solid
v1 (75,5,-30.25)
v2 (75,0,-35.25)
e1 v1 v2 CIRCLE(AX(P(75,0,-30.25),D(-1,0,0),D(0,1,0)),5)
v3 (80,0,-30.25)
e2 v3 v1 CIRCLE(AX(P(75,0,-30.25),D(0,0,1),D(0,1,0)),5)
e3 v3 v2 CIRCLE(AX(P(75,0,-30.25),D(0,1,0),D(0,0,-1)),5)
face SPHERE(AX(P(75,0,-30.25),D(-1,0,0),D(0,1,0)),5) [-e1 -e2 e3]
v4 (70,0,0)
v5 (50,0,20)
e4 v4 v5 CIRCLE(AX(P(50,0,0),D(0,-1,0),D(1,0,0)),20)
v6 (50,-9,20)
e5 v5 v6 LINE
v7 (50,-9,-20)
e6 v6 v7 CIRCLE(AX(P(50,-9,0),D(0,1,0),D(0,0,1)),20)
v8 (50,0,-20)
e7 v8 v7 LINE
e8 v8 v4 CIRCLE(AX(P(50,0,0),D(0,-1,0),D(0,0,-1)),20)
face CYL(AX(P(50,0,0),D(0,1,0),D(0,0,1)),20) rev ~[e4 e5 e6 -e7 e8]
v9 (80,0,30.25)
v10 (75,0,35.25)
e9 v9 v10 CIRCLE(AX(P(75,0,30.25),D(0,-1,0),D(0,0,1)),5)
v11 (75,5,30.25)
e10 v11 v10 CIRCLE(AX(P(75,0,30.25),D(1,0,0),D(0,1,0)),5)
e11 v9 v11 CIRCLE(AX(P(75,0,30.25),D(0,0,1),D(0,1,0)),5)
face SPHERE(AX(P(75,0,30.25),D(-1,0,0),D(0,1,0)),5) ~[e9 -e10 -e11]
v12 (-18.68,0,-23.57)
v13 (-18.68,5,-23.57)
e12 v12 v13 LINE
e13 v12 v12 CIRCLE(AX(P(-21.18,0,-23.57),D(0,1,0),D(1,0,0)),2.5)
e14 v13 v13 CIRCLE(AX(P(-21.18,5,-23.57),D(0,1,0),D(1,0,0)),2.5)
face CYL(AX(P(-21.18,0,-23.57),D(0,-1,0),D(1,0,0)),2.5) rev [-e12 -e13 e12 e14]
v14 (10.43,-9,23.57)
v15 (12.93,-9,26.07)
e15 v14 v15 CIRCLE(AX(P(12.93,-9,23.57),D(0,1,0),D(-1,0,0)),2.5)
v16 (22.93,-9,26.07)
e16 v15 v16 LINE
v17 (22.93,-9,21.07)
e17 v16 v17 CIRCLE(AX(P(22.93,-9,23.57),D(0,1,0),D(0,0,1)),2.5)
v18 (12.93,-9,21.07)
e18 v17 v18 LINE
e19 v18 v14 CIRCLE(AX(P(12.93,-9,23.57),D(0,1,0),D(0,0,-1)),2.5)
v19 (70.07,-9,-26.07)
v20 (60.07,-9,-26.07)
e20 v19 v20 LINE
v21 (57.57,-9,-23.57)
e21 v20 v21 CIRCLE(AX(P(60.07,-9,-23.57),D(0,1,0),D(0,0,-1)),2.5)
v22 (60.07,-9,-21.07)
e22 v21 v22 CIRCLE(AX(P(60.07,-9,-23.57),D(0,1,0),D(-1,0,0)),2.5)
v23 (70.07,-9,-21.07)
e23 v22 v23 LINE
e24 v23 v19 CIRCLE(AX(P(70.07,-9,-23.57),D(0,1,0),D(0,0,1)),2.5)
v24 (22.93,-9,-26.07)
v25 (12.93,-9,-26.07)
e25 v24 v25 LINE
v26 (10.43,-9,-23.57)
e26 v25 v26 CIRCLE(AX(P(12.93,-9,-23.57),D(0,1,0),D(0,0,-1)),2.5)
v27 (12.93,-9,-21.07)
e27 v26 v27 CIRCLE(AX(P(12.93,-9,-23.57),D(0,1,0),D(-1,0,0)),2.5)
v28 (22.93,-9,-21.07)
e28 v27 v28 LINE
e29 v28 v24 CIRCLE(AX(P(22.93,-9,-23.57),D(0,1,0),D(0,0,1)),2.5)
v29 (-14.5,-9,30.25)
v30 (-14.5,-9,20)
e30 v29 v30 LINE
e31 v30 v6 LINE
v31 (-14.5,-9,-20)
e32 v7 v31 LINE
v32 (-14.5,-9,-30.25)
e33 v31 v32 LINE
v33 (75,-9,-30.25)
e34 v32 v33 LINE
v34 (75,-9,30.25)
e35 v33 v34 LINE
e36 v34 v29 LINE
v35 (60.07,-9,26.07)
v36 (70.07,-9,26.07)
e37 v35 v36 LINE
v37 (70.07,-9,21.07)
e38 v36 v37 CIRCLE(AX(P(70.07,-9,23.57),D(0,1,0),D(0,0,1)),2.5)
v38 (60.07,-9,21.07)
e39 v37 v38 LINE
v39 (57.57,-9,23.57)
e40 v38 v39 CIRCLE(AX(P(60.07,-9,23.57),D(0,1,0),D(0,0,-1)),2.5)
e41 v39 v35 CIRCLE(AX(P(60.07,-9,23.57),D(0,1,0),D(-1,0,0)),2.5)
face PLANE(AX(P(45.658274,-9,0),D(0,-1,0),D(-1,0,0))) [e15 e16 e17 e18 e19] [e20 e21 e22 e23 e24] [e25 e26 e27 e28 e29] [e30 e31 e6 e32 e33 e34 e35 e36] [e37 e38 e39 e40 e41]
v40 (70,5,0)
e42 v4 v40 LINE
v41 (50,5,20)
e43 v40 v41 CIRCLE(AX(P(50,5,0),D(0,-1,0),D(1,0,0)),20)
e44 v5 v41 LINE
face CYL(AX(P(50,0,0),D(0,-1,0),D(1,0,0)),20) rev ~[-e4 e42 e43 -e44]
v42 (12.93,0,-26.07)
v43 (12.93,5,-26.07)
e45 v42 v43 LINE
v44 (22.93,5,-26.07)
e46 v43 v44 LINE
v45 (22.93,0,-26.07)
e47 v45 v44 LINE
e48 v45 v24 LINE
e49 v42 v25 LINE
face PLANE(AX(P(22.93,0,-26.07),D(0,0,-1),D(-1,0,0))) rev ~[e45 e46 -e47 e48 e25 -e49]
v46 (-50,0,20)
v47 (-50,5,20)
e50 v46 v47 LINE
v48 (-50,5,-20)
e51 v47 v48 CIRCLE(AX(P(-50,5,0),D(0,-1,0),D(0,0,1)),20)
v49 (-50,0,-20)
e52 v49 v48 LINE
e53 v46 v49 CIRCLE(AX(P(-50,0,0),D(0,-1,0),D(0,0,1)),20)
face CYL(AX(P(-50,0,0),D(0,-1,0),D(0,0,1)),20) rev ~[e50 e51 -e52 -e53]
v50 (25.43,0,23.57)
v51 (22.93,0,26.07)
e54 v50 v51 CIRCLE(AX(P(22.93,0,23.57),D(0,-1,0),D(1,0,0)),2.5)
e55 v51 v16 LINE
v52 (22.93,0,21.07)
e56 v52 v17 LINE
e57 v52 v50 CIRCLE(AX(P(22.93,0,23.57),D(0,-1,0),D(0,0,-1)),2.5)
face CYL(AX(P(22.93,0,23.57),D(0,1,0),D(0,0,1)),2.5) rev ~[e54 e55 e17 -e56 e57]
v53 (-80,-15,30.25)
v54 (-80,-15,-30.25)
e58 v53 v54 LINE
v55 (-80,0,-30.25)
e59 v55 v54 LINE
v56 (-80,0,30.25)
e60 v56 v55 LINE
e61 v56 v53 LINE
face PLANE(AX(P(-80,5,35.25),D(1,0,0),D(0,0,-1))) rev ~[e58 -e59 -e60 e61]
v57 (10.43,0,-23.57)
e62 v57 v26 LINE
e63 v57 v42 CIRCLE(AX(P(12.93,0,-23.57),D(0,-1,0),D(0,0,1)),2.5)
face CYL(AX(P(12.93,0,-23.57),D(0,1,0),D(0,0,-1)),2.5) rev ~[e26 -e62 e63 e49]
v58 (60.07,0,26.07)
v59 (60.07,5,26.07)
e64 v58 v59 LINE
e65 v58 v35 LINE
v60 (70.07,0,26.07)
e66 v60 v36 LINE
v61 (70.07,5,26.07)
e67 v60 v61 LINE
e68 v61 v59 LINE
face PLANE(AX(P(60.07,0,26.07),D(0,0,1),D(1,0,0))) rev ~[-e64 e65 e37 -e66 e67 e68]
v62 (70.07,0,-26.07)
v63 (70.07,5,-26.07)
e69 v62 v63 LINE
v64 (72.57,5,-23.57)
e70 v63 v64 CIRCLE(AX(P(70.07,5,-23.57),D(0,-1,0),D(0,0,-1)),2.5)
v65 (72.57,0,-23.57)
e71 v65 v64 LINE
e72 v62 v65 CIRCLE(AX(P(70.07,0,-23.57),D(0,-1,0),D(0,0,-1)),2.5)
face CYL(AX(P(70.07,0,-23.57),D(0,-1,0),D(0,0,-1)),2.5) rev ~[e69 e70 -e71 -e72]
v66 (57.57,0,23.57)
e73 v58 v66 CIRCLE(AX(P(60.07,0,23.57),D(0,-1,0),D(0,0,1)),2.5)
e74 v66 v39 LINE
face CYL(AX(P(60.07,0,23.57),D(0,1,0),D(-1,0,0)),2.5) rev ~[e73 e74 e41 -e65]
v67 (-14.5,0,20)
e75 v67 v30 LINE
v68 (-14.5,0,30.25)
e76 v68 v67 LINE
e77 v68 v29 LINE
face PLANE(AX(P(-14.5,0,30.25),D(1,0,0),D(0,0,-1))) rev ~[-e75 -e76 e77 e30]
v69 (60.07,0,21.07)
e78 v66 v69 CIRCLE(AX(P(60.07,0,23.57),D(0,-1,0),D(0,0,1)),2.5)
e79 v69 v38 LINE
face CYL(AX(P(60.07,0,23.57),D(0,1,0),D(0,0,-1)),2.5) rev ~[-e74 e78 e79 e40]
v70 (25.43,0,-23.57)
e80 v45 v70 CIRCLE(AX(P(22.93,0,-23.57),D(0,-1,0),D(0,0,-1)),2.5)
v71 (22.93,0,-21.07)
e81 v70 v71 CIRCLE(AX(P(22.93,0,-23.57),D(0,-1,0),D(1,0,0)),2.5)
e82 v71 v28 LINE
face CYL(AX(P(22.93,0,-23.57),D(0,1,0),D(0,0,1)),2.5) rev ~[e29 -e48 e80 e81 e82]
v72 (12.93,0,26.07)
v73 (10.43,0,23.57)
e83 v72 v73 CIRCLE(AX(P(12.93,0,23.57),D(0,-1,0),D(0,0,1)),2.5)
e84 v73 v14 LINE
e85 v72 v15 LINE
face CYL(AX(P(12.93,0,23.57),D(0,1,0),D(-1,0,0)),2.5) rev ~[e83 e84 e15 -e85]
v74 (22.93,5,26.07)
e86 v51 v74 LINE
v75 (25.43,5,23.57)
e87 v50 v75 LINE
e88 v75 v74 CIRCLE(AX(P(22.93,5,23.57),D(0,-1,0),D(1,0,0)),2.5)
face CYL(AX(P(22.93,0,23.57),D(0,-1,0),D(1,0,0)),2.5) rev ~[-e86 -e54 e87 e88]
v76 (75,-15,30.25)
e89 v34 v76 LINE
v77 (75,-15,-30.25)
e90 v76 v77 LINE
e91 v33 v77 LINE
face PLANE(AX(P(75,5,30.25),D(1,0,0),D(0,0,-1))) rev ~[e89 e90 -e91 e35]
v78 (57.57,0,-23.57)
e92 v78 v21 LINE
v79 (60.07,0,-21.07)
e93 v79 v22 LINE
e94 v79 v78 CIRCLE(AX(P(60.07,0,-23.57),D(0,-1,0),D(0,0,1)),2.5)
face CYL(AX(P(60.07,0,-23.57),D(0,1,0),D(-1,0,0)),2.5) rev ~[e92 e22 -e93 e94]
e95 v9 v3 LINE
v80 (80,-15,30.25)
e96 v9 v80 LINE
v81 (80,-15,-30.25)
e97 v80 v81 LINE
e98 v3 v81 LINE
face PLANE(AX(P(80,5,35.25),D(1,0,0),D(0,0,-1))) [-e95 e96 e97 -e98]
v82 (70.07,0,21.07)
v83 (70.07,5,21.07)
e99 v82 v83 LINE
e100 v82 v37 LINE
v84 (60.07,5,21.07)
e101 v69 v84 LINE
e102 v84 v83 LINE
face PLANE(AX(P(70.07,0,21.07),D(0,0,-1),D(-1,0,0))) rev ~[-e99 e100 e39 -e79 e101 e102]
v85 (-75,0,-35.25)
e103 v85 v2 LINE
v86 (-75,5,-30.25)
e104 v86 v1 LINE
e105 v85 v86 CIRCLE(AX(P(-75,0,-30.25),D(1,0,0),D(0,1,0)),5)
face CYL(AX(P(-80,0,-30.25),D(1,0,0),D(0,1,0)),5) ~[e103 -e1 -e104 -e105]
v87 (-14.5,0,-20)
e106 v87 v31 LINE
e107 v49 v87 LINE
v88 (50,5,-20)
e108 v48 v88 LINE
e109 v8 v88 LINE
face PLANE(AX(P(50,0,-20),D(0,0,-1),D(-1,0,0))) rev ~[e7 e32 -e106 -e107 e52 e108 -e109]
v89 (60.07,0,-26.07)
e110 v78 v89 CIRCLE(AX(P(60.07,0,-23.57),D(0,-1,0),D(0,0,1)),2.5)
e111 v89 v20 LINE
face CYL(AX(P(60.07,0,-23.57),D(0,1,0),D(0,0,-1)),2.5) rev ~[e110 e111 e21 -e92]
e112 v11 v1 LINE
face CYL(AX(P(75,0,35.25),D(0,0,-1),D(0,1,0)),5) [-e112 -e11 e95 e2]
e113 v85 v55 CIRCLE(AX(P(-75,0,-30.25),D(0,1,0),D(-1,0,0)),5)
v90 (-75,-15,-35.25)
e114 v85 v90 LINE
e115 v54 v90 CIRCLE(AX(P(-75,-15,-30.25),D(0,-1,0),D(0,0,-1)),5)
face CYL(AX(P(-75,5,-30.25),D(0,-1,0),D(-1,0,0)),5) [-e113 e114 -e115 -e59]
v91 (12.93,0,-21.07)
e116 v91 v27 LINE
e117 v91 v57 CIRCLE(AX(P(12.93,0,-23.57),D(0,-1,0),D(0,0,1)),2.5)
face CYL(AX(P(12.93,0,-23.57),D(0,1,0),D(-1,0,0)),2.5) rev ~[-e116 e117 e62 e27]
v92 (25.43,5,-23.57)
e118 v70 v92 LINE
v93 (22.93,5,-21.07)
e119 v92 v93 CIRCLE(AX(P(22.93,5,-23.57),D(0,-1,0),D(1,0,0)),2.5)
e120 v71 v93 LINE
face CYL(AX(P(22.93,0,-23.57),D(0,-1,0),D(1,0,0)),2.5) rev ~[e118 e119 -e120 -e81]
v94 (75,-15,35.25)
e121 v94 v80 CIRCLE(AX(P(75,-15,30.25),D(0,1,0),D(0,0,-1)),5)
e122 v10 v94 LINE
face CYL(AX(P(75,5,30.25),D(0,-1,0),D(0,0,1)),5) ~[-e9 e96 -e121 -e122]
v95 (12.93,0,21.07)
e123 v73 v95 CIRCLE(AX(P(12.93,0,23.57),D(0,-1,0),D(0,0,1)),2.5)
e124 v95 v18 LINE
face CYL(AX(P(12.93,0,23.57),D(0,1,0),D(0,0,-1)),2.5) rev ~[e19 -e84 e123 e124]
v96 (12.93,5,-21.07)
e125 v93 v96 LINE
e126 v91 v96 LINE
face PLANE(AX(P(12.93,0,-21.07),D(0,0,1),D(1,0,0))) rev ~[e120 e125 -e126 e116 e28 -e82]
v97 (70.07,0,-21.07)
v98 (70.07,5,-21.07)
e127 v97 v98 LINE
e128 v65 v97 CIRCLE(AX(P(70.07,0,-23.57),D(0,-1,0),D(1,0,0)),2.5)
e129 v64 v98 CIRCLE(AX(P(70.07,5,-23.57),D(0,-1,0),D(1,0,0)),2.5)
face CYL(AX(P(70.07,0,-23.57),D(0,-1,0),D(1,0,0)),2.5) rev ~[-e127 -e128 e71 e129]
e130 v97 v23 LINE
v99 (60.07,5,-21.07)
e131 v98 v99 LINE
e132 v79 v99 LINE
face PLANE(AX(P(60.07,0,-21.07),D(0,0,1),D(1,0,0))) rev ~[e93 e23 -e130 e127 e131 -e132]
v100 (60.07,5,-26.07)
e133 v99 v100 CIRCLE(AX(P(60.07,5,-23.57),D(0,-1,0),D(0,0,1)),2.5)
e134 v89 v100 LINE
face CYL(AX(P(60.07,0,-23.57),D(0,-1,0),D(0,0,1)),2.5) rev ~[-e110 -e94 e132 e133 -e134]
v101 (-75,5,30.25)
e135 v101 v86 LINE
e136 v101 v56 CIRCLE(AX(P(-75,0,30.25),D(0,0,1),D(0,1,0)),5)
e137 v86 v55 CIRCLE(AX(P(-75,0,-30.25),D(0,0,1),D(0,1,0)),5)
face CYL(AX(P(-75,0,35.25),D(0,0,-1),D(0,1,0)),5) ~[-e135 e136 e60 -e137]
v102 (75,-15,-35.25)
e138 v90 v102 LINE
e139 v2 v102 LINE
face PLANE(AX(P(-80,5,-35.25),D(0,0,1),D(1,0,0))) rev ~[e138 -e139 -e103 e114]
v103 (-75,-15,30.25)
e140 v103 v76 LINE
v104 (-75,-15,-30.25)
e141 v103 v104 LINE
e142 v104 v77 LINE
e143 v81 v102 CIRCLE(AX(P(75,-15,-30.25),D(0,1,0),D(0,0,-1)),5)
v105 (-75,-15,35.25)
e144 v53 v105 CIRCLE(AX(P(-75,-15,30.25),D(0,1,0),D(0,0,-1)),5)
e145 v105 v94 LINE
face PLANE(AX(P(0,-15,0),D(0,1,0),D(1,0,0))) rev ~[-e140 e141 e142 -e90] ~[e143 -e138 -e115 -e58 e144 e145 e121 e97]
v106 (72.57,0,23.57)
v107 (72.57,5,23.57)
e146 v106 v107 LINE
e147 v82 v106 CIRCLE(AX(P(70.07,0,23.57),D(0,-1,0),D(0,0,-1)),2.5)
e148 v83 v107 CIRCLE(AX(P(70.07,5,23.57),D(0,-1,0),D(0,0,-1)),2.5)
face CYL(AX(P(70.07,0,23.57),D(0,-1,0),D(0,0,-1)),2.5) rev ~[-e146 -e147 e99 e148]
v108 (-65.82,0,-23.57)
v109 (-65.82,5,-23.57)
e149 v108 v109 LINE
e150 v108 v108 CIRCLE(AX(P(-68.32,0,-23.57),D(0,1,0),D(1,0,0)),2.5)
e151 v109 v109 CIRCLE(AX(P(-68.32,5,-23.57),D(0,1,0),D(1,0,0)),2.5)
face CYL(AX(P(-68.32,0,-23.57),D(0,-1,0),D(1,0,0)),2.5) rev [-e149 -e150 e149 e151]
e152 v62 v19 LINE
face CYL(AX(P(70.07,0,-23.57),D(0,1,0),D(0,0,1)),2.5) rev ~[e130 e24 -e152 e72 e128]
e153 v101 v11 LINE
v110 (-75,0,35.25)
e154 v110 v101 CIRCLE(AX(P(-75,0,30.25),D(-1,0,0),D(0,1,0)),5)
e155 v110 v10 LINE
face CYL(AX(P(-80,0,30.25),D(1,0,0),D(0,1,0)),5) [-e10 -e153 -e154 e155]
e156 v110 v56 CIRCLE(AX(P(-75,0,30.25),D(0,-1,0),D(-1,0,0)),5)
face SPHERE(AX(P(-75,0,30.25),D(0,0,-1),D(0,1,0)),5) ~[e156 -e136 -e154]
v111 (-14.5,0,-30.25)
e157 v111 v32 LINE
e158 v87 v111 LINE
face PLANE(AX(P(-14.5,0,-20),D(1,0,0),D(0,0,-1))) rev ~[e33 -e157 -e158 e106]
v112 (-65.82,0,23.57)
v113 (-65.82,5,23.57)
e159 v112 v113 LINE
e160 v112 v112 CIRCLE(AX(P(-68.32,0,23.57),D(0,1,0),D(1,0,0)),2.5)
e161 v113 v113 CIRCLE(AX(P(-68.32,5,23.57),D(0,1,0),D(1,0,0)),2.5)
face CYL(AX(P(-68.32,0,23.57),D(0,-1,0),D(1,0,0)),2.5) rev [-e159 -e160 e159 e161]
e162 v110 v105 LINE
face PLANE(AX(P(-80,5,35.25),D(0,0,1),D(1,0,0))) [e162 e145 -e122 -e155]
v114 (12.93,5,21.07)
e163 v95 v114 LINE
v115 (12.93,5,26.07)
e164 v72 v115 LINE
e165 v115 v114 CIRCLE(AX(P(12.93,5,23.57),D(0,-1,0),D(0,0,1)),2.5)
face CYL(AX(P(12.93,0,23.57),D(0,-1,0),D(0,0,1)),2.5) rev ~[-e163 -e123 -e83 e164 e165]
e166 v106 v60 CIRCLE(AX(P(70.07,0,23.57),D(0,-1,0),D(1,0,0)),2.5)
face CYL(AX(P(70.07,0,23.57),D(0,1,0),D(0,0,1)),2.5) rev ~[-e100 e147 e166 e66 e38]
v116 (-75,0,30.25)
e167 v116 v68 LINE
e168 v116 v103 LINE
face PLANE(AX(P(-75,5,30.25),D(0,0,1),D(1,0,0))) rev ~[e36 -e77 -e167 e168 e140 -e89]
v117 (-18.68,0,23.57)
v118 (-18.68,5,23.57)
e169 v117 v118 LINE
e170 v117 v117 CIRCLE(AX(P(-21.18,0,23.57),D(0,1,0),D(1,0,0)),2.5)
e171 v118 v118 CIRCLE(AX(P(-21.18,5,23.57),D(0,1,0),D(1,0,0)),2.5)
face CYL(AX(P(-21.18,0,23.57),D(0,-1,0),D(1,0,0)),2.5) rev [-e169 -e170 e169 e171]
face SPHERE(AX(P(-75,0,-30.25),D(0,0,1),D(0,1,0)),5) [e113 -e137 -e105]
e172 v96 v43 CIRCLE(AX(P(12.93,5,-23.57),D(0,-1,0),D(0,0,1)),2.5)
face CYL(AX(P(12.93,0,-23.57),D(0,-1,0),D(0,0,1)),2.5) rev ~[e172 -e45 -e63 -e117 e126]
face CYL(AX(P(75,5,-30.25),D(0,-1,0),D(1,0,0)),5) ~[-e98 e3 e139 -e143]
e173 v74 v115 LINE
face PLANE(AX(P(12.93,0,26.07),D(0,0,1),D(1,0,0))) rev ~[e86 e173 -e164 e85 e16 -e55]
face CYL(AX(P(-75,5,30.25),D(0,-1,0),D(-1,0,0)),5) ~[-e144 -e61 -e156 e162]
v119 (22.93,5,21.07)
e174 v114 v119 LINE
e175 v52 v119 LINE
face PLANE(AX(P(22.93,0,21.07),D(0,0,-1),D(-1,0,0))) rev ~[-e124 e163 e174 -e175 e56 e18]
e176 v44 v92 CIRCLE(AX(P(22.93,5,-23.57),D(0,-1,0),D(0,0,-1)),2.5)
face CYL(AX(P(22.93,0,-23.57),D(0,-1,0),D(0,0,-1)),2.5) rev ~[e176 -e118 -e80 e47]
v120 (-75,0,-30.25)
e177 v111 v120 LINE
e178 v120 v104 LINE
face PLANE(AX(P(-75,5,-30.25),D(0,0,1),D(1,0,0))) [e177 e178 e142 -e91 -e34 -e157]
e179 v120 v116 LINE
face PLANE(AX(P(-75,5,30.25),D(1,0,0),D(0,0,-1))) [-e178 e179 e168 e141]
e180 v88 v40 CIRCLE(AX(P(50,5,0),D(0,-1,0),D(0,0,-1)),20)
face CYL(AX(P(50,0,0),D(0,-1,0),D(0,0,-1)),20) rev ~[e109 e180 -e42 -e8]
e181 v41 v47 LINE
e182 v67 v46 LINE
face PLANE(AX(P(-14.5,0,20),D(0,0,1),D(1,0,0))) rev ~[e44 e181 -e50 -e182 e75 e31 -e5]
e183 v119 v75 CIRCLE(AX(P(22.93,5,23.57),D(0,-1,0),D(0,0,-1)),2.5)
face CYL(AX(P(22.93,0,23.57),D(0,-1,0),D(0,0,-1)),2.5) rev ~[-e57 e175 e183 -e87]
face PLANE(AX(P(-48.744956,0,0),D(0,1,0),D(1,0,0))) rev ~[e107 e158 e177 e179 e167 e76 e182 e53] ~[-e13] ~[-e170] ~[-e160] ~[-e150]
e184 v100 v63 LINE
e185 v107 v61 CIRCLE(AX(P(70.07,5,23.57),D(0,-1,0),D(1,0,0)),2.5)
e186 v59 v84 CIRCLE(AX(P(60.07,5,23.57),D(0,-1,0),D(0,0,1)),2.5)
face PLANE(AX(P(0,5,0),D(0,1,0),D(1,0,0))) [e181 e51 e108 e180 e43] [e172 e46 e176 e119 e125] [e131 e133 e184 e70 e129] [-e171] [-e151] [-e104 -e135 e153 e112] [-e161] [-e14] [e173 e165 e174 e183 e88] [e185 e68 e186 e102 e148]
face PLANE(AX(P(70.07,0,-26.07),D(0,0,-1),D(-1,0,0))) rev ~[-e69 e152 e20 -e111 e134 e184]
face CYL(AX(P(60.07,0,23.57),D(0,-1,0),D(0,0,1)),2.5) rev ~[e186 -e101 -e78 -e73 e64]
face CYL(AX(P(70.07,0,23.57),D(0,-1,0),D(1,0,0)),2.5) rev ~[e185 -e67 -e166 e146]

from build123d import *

# Parameters (mm, degrees)
SKETCH2_R           = 2.5
SKETCH2_W           = 67
SKETCH2_H           = 1.75
BOSS_EXTRUDE1_DEPTH = 5
SKETCH4_W           = 160
SKETCH4_H           = 70.5
SKETCH4_W_2         = 150
SKETCH4_H_2         = 60.5
BOSS_EXTRUDE2_DEPTH = 20
SKETCH5_W           = 22.5
SKETCH5_H           = 10.25
BOSS_EXTRUDE3_DEPTH = 9
FILLET2_R           = 5


with BuildPart() as part:
    # Sketch2 → Boss-Extrude1 (new body)
    with BuildSketch(Plane(origin=(0, 0, 0), x_dir=(1, 0, 0), z_dir=(0, 1, 0))):
        with BuildLine():
            Line((-14.5, 30.25), (-75, 30.25))
            Line((-75, 30.25), (-75, -30.25))
            Line((-75, -30.25), (-14.5, -30.25))
            Line((-14.5, -30.25), (-14.5, -20))
            Line((-14.5, -20), (-50, -20))
            ThreePointArc((-50, -20), (-70, 0), (-50, 20))
            Line((-50, 20), (-14.5, 20))
            Line((-14.5, 20), (-14.5, 30.25))
        make_face()
        with Locations((-68.32, -23.57)):
            Circle(SKETCH2_R, mode=Mode.SUBTRACT)
        with Locations((-21.18, -23.57)):
            Circle(SKETCH2_R, mode=Mode.SUBTRACT)
        with Locations((-68.32, 23.57)):
            Circle(SKETCH2_R, mode=Mode.SUBTRACT)
        with Locations((-21.18, 23.57)):
            Circle(SKETCH2_R, mode=Mode.SUBTRACT)
        with BuildLine():
            Line((8, 30.25), (-14.5, 30.25))
            Line((-14.5, 30.25), (-14.5, 20))
            Line((-14.5, 20), (50, 20))
            ThreePointArc((50, 20), (64.142135624, 14.142135624), (70, 0))
            ThreePointArc((70, 0), (64.142135624, -14.142135624), (50, -20))
            Line((50, -20), (-14.5, -20))
            Line((-14.5, -20), (-14.5, -30.25))
            Line((-14.5, -30.25), (8, -30.25))
            Line((8, -30.25), (8, -28.5))
            Line((8, -28.5), (75, -28.5))
            Line((75, -28.5), (75, 28.5))
            Line((75, 28.5), (8, 28.5))
            Line((8, 28.5), (8, 30.25))
        make_face()
        with BuildLine():
            ThreePointArc((25.43, -23.57), (24.697766953, -25.337766953), (22.93, -26.07))
            Line((22.93, -26.07), (12.93, -26.07))
            ThreePointArc((12.93, -26.07), (10.43, -23.57), (12.93, -21.07))
            Line((12.93, -21.07), (22.93, -21.07))
            ThreePointArc((22.93, -21.07), (24.697766953, -21.802233047), (25.43, -23.57))
        make_face(mode=Mode.SUBTRACT)
        with BuildLine():
            ThreePointArc((72.57, -23.57), (71.837766953, -25.337766953), (70.07, -26.07))
            Line((70.07, -26.07), (60.07, -26.07))
            ThreePointArc((60.07, -26.07), (57.57, -23.57), (60.07, -21.07))
            Line((60.07, -21.07), (70.07, -21.07))
            ThreePointArc((70.07, -21.07), (71.837766953, -21.802233047), (72.57, -23.57))
        make_face(mode=Mode.SUBTRACT)
        with BuildLine():
            ThreePointArc((25.43, 23.57), (24.697766953, 21.802233047), (22.93, 21.07))
            Line((22.93, 21.07), (12.93, 21.07))
            ThreePointArc((12.93, 21.07), (10.43, 23.57), (12.93, 26.07))
            Line((12.93, 26.07), (22.93, 26.07))
            ThreePointArc((22.93, 26.07), (24.697766953, 25.337766953), (25.43, 23.57))
        make_face(mode=Mode.SUBTRACT)
        with BuildLine():
            ThreePointArc((60.07, 21.07), (57.57, 23.57), (60.07, 26.07))
            Line((60.07, 26.07), (70.07, 26.07))
            ThreePointArc((70.07, 26.07), (71.837766953, 25.337766953), (72.57, 23.57))
            ThreePointArc((72.57, 23.57), (71.837766953, 21.802233047), (70.07, 21.07))
            Line((70.07, 21.07), (60.07, 21.07))
        make_face(mode=Mode.SUBTRACT)
        with Locations((41.5, -29.375)):
            Rectangle(SKETCH2_W, SKETCH2_H)
        with Locations((41.5, 29.375)):
            Rectangle(SKETCH2_W, SKETCH2_H)
    extrude(amount=BOSS_EXTRUDE1_DEPTH)

    # Sketch4 → Boss-Extrude2 (add)
    with BuildSketch(Plane(origin=(0, 5, 0), x_dir=(1, 0, 0), z_dir=(0, 1, 0))):
        Rectangle(SKETCH4_W, SKETCH4_H)
        Rectangle(SKETCH4_W_2, SKETCH4_H_2, mode=Mode.SUBTRACT)
    extrude(amount=-BOSS_EXTRUDE2_DEPTH)

    # Sketch5 → Boss-Extrude3 (add)
    with BuildSketch(Plane(origin=(0, 0, 0), x_dir=(-1, 0, 0), z_dir=(0, -1, 0))):
        with BuildLine():
            Line((-8, 20), (-8, 30.25))
            Line((-8, 30.25), (-75, 30.25))
            Line((-75, 30.25), (-75, -30.25))
            Line((-75, -30.25), (-8, -30.25))
            Line((-8, -30.25), (-8, -20))
            Line((-8, -20), (-50, -20))
            ThreePointArc((-50, -20), (-70, 0), (-50, 20))
            Line((-50, 20), (-8, 20))
        make_face()
        with BuildLine():
            ThreePointArc((-57.57, -23.57), (-58.302233047, -25.337766953), (-60.07, -26.07))
            Line((-60.07, -26.07), (-70.07, -26.07))
            ThreePointArc((-70.07, -26.07), (-72.57, -23.57), (-70.07, -21.07))
            Line((-70.07, -21.07), (-60.07, -21.07))
            ThreePointArc((-60.07, -21.07), (-58.302233047, -21.802233047), (-57.57, -23.57))
        make_face(mode=Mode.SUBTRACT)
        with BuildLine():
            ThreePointArc((-10.43, -23.57), (-11.162233047, -25.337766953), (-12.93, -26.07))
            Line((-12.93, -26.07), (-22.93, -26.07))
            ThreePointArc((-22.93, -26.07), (-25.43, -23.57), (-22.93, -21.07))
            Line((-22.93, -21.07), (-12.93, -21.07))
            ThreePointArc((-12.93, -21.07), (-11.162233047, -21.802233047), (-10.43, -23.57))
        make_face(mode=Mode.SUBTRACT)
        with BuildLine():
            ThreePointArc((-70.07, 21.07), (-72.57, 23.57), (-70.07, 26.07))
            Line((-70.07, 26.07), (-60.07, 26.07))
            ThreePointArc((-60.07, 26.07), (-58.302233047, 25.337766953), (-57.57, 23.57))
            ThreePointArc((-57.57, 23.57), (-58.302233047, 21.802233047), (-60.07, 21.07))
            Line((-60.07, 21.07), (-70.07, 21.07))
        make_face(mode=Mode.SUBTRACT)
        with BuildLine():
            ThreePointArc((-22.93, 21.07), (-25.43, 23.57), (-22.93, 26.07))
            Line((-22.93, 26.07), (-12.93, 26.07))
            ThreePointArc((-12.93, 26.07), (-11.162233047, 25.337766953), (-10.43, 23.57))
            ThreePointArc((-10.43, 23.57), (-11.162233047, 21.802233047), (-12.93, 21.07))
            Line((-12.93, 21.07), (-22.93, 21.07))
        make_face(mode=Mode.SUBTRACT)
        with Locations((3.25, 25.125)):
            Rectangle(SKETCH5_W, SKETCH5_H)
        with Locations((3.25, -25.125)):
            Rectangle(SKETCH5_W, SKETCH5_H)
    extrude(amount=BOSS_EXTRUDE3_DEPTH)

    # Fillet2
    fillet2_edges = [part.edges().sort_by_distance(p)[0] for p in [
        (-80, 5, 0),
        (0, 5, 35.25),
        (0, 5, -35.25),
        (-80, -5, -35.25),
        (80, 5, 0),
        (80, -5, -35.25),
        (80, -5, 35.25),
        (-80, -5, 35.25),
    ]]
    fillet(fillet2_edges, radius=FILLET2_R)


solid = part.part
